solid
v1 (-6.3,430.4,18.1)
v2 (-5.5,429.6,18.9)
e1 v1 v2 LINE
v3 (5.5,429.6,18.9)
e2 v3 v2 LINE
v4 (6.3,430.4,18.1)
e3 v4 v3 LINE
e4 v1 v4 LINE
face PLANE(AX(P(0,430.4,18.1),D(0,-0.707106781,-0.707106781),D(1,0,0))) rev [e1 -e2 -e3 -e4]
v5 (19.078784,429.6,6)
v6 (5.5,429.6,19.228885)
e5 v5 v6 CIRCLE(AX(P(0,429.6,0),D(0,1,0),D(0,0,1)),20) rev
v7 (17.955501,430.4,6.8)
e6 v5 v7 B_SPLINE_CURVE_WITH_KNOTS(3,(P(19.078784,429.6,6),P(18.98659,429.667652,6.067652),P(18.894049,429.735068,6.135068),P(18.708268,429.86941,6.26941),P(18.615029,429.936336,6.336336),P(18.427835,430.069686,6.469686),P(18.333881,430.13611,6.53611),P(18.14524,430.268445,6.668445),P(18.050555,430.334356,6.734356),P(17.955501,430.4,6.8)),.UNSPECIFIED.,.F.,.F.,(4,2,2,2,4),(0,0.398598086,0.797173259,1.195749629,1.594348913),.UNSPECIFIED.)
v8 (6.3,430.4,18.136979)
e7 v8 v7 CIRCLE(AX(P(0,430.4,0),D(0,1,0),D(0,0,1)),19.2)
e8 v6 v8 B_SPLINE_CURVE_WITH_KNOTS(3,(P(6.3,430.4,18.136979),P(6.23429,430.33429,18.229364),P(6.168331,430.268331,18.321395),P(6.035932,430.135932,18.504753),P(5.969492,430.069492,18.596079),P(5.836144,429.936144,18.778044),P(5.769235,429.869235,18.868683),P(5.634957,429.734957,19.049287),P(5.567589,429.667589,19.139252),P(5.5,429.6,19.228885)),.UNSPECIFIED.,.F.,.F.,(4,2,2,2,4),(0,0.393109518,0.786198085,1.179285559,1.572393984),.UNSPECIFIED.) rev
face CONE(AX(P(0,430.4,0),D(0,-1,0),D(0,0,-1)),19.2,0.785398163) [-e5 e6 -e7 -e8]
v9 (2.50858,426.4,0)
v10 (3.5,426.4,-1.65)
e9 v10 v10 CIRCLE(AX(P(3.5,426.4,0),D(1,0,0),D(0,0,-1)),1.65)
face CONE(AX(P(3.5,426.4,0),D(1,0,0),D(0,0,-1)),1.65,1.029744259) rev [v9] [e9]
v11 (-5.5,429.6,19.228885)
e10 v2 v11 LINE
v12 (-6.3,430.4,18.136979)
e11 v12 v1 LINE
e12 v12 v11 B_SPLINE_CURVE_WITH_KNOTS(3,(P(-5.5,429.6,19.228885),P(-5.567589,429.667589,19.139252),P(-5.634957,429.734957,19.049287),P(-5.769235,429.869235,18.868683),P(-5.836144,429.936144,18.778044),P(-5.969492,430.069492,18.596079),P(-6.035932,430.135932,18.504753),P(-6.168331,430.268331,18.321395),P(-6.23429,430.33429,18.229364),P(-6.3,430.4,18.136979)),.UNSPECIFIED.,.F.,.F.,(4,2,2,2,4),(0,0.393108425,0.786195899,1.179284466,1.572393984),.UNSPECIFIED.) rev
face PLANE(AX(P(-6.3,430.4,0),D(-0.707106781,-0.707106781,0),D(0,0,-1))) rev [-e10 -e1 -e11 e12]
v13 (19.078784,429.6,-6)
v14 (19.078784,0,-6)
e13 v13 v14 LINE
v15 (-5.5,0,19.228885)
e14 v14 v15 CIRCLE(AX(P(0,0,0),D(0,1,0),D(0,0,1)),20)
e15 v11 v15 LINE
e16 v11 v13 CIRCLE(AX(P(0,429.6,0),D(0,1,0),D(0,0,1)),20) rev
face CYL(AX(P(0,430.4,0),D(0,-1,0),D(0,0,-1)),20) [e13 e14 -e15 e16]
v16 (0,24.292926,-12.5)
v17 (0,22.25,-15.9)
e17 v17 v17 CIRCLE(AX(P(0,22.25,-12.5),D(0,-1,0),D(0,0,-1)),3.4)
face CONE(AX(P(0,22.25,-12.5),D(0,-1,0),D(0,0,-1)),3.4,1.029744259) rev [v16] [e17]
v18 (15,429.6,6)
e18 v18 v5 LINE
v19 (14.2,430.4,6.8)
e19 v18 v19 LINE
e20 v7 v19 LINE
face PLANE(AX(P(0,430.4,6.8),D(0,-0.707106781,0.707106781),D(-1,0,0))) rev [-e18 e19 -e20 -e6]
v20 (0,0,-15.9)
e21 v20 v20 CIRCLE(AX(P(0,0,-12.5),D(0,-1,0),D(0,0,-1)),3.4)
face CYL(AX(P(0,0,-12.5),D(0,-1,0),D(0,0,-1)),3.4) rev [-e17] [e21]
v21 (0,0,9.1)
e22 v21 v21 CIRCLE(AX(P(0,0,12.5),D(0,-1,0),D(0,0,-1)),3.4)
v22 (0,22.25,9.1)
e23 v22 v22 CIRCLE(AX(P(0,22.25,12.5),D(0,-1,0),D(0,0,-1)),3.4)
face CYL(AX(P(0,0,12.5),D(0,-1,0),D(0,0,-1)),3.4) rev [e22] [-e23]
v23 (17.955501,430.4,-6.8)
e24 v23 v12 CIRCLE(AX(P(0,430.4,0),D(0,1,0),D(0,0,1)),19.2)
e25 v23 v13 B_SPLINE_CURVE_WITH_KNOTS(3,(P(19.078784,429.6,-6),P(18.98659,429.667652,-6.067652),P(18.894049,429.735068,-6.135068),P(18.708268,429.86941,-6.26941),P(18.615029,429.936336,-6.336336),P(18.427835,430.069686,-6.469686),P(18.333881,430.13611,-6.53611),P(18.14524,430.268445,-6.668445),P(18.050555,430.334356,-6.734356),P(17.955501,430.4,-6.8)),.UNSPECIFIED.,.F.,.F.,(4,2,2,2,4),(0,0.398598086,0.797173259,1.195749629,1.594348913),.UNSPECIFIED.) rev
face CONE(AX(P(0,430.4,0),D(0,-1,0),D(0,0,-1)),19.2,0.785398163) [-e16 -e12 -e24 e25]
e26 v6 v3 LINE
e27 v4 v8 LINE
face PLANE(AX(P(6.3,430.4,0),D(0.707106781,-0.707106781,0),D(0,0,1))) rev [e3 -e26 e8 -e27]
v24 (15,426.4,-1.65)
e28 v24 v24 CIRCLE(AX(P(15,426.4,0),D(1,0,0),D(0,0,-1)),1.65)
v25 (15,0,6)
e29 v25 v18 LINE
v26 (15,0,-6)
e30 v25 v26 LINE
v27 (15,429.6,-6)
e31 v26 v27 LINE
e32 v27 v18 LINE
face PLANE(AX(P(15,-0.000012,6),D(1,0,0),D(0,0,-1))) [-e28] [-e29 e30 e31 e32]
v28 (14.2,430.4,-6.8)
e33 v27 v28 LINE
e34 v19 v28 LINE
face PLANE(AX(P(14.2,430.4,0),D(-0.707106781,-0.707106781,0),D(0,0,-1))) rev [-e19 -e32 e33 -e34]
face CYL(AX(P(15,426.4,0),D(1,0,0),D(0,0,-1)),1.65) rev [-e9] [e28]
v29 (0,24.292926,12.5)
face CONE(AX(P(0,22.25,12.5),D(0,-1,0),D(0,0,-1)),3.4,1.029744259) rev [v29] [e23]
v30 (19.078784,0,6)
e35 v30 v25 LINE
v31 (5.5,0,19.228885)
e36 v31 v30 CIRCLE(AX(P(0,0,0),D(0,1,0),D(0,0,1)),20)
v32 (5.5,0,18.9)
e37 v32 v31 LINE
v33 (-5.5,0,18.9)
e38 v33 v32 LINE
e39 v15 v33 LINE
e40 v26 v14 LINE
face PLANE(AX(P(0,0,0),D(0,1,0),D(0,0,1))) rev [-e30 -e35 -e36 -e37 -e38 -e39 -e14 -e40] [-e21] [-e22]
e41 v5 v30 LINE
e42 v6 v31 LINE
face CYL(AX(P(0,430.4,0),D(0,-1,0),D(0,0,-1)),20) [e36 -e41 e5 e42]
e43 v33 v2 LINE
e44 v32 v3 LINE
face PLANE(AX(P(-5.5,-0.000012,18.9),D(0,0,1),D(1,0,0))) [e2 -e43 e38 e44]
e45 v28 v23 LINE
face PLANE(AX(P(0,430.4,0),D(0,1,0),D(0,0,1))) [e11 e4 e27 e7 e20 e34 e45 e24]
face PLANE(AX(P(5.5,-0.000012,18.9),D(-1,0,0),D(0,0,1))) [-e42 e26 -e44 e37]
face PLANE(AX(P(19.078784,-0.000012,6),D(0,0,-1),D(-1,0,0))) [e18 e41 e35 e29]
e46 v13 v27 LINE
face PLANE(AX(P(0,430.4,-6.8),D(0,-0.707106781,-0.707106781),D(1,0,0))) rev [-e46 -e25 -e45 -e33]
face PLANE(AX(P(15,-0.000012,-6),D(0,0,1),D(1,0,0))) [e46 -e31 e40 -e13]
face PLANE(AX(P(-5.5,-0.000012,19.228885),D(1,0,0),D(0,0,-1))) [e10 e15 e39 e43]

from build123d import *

# Parameters (mm, degrees)
ESQUISSE1_R                         = 20
BOSS_EXTRU_1_DEPTH                  = 430.4
TROU_TARAUD_M81_D                   = 6.8
TROU_TARAUD_M81_DEPTH               = 22.25
TROU_TARAUD_M81_TIP                 = 2.042926105
ENL_V_MAT_EXTRU_1_REACH             = 433.328
ENL_V_MAT_EXTRU_1_DIRECTION_2_DEPTH = 432.328366793
TROU_TARAUD_M41_D                   = 3.3
TROU_TARAUD_M41_DEPTH               = 11.5
TROU_TARAUD_M41_TIP                 = 0.991420021
CHANFREIN1_SIZE                     = 0.8


with BuildPart() as part:
    # Esquisse1 → Boss.-Extru.1 (new body)
    with BuildSketch(Plane(origin=(0, 0, 0), x_dir=(1, 0, 0), z_dir=(0, 1, 0))):
        with Locations(Location((0, 0, 0), (0, 0, 90))):
            Circle(ESQUISSE1_R)
    extrude(amount=BOSS_EXTRU_1_DEPTH)

    # Trou taraudé M81
    with Locations(Plane(origin=(0, 0, 0), x_dir=(-1, 0, 0), z_dir=(0, -1, 0))):
        with Locations((0, -12.5), (0, 12.5)):
            Hole(TROU_TARAUD_M81_D / 2, depth=TROU_TARAUD_M81_DEPTH)
            with Locations((0, 0, -(TROU_TARAUD_M81_DEPTH + TROU_TARAUD_M81_TIP / 2))):  # 118° drill point
                Cone(0, TROU_TARAUD_M81_D / 2, TROU_TARAUD_M81_TIP, mode=Mode.SUBTRACT)

    # Esquisse8 → Enlèv. mat.-Extru.1 (cut, up to next)
    with BuildSketch(Plane.XZ, mode=Mode.PRIVATE) as enl_v_mat_extru_1_sk1:
        with BuildLine():
            Line((-5.5, 19.228884523), (-5.5, 18.9))
            Line((-5.5, 18.9), (5.5, 18.9))
            Line((5.5, 18.9), (5.5, 19.228884523))
            ThreePointArc((5.5, 19.228884523), (0, 20), (-5.5, 19.228884523))
        make_face()
    enl_v_mat_extru_1_tool1 = extrude(enl_v_mat_extru_1_sk1.sketch, amount=-ENL_V_MAT_EXTRU_1_REACH, mode=Mode.PRIVATE) & part.part
    # Esquisse8 → Enlèv. mat.-Extru.1 (cut, up to next)
    with BuildSketch(Plane.XZ, mode=Mode.PRIVATE) as enl_v_mat_extru_1_sk2:
        with BuildLine():
            Line((19.078784028, 6), (15, 6))
            Line((15, 6), (15, -6))
            Line((15, -6), (19.078784028, -6))
            ThreePointArc((19.078784028, -6), (20, 0), (19.078784028, 6))
        make_face()
    enl_v_mat_extru_1_tool2 = extrude(enl_v_mat_extru_1_sk2.sketch, amount=-ENL_V_MAT_EXTRU_1_REACH, mode=Mode.PRIVATE) & part.part
    add(enl_v_mat_extru_1_tool1.solids().sort_by_distance((0, 0, 19.353586))[0], mode=Mode.SUBTRACT)
    add(enl_v_mat_extru_1_tool2.solids().sort_by_distance((17.355884, 0, 0))[0], mode=Mode.SUBTRACT)

    # Esquisse8 → Enlèv. mat.-Extru.1 direction 2 (cut)
    with BuildSketch(Plane.XZ):
        with BuildLine():
            Line((-5.5, 19.228884523), (-5.5, 18.9))
            Line((-5.5, 18.9), (5.5, 18.9))
            Line((5.5, 18.9), (5.5, 19.228884523))
            ThreePointArc((5.5, 19.228884523), (0, 20), (-5.5, 19.228884523))
        make_face()
        with BuildLine():
            Line((19.078784028, 6), (15, 6))
            Line((15, 6), (15, -6))
            Line((15, -6), (19.078784028, -6))
            ThreePointArc((19.078784028, -6), (20, 0), (19.078784028, 6))
        make_face()
    extrude(amount=ENL_V_MAT_EXTRU_1_DIRECTION_2_DEPTH, mode=Mode.SUBTRACT)

    # Trou taraudé M41
    with Locations(Plane(origin=(15, 0, 0), x_dir=(0, 0, -1), z_dir=(1, 0, 0))):
        with Locations((0, 426.4)):
            Hole(TROU_TARAUD_M41_D / 2, depth=TROU_TARAUD_M41_DEPTH)
            with Locations((0, 0, -(TROU_TARAUD_M41_DEPTH + TROU_TARAUD_M41_TIP / 2))):  # 118° drill point
                Cone(0, TROU_TARAUD_M41_D / 2, TROU_TARAUD_M41_TIP, mode=Mode.SUBTRACT)

    # Chanfrein1
    chanfrein1_edges = [part.edges().sort_by_distance(p)[0] for p in [
        (5.5, 430.4, 19.064442262),
        (0, 430.4, 18.9),
        (-5.5, 430.4, 19.064442262),
        (-14.325501649, 430.4, -13.956360647),
        (17.039392014, 430.4, -6),
        (15, 430.4, 0),
        (17.039392014, 430.4, 6),
        (13.956360647, 430.4, 14.325501649),
    ]]
    chamfer(chanfrein1_edges, length=CHANFREIN1_SIZE)


solid = part.part
